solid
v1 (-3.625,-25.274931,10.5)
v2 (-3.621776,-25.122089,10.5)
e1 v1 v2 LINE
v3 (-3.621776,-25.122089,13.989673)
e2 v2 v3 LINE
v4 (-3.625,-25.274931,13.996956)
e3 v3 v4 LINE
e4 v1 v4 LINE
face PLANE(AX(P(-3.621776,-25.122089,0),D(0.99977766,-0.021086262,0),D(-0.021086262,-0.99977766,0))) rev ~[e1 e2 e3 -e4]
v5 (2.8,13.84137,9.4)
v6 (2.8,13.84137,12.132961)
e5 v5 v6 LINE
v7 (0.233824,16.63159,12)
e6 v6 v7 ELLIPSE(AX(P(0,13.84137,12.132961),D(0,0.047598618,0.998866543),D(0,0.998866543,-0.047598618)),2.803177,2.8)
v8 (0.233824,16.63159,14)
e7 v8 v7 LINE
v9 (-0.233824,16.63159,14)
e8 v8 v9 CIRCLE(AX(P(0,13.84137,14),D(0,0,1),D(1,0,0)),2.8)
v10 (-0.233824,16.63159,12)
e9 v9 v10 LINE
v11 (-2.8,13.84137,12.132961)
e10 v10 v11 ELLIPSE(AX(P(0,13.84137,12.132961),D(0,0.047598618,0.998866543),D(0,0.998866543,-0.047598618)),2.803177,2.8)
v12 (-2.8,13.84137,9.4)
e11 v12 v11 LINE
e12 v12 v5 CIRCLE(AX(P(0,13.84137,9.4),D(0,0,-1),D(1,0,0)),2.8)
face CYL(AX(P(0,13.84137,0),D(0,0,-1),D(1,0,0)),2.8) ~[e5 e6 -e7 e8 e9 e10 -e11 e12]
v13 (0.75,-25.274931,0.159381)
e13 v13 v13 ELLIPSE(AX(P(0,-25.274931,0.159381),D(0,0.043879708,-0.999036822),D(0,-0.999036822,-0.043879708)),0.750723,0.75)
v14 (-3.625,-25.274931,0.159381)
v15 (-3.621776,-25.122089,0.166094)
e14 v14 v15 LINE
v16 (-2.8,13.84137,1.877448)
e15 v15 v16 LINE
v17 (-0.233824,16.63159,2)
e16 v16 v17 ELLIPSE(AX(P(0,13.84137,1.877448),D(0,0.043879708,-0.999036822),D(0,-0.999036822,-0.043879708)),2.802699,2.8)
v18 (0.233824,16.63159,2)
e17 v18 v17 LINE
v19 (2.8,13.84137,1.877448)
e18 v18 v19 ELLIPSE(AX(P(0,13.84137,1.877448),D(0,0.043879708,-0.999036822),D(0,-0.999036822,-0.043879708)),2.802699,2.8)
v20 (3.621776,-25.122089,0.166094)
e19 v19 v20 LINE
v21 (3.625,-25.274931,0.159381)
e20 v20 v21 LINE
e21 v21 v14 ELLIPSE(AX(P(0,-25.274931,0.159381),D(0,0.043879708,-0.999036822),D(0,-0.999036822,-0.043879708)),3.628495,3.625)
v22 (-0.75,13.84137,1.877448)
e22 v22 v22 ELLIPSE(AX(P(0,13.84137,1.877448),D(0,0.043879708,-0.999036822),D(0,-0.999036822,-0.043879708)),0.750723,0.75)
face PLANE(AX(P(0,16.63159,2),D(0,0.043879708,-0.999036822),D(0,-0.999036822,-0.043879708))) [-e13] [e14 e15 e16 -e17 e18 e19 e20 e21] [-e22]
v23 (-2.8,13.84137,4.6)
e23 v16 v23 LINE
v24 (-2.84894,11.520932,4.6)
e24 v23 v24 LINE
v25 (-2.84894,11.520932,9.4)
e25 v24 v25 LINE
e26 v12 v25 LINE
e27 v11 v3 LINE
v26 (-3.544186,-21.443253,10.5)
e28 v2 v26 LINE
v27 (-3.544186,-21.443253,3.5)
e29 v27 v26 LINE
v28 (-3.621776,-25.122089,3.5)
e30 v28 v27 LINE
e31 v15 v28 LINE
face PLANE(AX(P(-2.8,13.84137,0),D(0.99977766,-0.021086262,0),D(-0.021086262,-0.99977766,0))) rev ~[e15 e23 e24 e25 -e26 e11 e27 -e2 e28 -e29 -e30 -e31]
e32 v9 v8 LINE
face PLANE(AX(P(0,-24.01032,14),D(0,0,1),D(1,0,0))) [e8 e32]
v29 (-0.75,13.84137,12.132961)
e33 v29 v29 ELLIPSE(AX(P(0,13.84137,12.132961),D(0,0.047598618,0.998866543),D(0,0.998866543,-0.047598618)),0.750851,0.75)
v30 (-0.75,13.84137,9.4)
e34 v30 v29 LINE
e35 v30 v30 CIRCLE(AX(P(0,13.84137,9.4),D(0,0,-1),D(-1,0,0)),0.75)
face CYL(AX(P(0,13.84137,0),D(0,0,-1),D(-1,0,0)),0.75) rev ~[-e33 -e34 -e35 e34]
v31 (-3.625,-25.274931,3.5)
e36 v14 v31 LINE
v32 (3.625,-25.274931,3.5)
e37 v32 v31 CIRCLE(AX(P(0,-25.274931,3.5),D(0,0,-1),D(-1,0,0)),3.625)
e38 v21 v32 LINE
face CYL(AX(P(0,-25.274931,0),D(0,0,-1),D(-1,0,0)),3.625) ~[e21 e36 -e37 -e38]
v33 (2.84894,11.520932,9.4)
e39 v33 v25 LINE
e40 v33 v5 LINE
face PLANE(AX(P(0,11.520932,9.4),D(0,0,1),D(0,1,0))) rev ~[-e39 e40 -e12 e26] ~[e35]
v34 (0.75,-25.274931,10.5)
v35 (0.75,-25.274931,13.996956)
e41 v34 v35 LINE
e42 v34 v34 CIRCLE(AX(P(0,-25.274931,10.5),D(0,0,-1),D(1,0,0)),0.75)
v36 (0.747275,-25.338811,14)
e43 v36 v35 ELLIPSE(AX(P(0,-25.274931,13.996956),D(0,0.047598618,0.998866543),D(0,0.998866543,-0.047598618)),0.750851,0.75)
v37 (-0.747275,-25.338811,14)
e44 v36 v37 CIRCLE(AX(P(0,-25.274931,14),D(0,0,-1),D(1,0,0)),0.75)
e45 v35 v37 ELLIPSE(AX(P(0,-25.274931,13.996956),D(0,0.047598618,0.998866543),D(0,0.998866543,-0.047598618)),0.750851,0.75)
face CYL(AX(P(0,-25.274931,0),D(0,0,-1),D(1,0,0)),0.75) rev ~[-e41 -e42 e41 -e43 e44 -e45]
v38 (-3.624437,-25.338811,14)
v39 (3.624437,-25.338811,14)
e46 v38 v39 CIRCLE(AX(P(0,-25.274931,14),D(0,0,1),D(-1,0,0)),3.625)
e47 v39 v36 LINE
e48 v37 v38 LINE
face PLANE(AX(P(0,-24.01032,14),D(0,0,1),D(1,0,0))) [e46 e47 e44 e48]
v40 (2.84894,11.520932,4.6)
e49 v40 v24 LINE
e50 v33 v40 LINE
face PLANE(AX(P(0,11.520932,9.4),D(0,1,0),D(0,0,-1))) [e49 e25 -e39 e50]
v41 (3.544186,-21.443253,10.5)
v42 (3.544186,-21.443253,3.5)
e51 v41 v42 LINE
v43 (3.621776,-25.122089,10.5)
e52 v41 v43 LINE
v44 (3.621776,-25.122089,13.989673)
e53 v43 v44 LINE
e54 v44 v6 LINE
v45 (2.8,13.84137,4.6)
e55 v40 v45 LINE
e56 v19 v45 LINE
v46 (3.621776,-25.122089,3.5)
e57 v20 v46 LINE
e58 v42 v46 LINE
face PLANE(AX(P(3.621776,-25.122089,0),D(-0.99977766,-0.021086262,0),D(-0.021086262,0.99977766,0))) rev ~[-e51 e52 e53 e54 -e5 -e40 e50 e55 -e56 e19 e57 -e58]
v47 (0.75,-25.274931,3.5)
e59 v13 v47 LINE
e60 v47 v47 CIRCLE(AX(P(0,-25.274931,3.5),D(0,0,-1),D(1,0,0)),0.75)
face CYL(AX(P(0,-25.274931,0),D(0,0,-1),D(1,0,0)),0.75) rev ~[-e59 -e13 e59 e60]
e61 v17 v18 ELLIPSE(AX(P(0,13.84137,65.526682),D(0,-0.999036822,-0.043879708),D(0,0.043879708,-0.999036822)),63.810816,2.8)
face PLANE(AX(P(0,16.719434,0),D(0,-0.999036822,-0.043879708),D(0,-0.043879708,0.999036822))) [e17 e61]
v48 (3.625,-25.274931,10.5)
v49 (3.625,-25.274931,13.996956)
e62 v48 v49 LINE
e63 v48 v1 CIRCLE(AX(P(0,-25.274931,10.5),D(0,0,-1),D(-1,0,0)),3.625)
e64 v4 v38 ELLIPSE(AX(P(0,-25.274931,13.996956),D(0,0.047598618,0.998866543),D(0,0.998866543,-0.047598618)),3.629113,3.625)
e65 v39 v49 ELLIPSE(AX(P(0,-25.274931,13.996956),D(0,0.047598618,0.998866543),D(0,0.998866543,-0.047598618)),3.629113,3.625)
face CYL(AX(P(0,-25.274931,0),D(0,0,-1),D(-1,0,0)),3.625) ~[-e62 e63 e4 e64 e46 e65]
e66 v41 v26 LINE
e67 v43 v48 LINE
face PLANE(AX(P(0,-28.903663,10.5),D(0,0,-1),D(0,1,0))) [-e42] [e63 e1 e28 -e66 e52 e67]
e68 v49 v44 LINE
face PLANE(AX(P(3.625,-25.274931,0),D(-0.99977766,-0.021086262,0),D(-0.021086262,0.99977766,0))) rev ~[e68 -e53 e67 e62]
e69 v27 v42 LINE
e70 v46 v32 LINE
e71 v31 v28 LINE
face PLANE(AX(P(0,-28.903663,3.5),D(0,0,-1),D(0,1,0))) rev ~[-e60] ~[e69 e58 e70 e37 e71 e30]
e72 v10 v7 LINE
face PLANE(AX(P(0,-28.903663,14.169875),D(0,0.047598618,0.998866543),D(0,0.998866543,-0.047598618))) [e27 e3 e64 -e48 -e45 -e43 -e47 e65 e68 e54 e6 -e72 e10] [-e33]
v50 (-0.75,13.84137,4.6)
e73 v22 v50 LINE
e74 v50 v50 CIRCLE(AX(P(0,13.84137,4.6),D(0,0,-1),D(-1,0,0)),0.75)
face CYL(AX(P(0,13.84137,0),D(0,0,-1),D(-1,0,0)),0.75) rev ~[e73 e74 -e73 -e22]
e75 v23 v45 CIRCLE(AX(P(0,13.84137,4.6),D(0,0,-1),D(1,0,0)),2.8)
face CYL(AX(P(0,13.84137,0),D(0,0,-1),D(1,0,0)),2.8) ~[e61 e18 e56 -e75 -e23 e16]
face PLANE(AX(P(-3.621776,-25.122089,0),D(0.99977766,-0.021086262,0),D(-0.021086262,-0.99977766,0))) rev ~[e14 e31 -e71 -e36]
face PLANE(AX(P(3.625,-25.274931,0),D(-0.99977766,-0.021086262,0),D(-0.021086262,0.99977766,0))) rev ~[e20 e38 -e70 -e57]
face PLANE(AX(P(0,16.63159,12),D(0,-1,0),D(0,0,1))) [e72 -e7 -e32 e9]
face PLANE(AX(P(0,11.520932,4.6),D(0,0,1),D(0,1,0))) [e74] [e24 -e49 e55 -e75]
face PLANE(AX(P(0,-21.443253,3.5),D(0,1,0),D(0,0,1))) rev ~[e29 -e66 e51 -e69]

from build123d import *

# Parameters (mm, degrees)
F1_DEPTH = 14
F2_W     = 11.5
F2_H     = 2.4
F2_W_2   = 7.4604106426
F2_H_2   = 3.5
F3_DEPTH = 12.5


with BuildPart() as f1:
    # F0 (on Top) → F1 (new body)
    with BuildSketch(Plane.XY):
        with BuildLine():
            Line((3.625, -25.2749305218), (3.6217764293, -25.1220891128))
            ThreePointArc((3.6217764293, -25.1220891128), (0, -21.6499305218), (-3.6217764293, -25.1220891128))
            Line((-3.6217764293, -25.1220891128), (-3.625, -25.2749305218))
            Line((-3.625, -25.2749305218), (-0.75, -25.2749305218))
            ThreePointArc((-0.75, -25.2749305218), (0, -24.5249305218), (0.75, -25.2749305218))
            Line((0.75, -25.2749305218), (3.625, -25.2749305218))
        make_face()
        with BuildLine():
            Line((3.6217764293, -25.1220891128), (2.8, 13.841370428))
            ThreePointArc((2.8, 13.841370428), (0, 11.041370428), (-2.8, 13.841370428))
            Line((-2.8, 13.841370428), (-3.6217764293, -25.1220891128))
            ThreePointArc((-3.6217764293, -25.1220891128), (0, -21.6499305218), (3.6217764293, -25.1220891128))
        make_face()
        with BuildLine():
            Line((0.75, 13.841370428), (2.8, 13.841370428))
            ThreePointArc((2.8, 13.841370428), (0, 16.641370428), (-2.8, 13.841370428))
            Line((-2.8, 13.841370428), (-0.75, 13.841370428))
            ThreePointArc((-0.75, 13.841370428), (0, 14.591370428), (0.75, 13.841370428))
        make_face()
        with BuildLine():
            ThreePointArc((-3.625, -25.2749305218), (0, -28.8999305218), (3.625, -25.2749305218))
            Line((3.625, -25.2749305218), (0.75, -25.2749305218))
            ThreePointArc((0.75, -25.2749305218), (0, -26.0249305218), (-0.75, -25.2749305218))
            Line((-0.75, -25.2749305218), (-3.625, -25.2749305218))
        make_face()
        with BuildLine():
            ThreePointArc((-2.8, 13.841370428), (0, 11.041370428), (2.8, 13.841370428))
            Line((2.8, 13.841370428), (0.75, 13.841370428))
            ThreePointArc((0.75, 13.841370428), (0, 13.091370428), (-0.75, 13.841370428))
            Line((-0.75, 13.841370428), (-2.8, 13.841370428))
        make_face()
    extrude(amount=F1_DEPTH)

    # F2 (on Right) → F3 (cut, symmetric)
    with BuildSketch(Plane.YZ):
        Polygon((-28.9036631584, 17.2806195915), (-28.9036631584, 14.1698746011), (16.6315902025, 12), (16.6315902025, 18.462985754), align=None)
        Polygon((16.6315902025, 2), (-28.9036631584, 0), (16.7194342289, 0), align=None)
        with Locations((17.2709319741, 5.8)):
            Rectangle(F2_W, F2_H)
        with Locations((17.2709319741, 8.2)):
            Rectangle(F2_W, F2_H)
        with Locations((-25.1734578371, 8.75)):
            Rectangle(F2_W_2, F2_H_2)
        with Locations((-25.1734578371, 5.25)):
            Rectangle(F2_W_2, F2_H_2)
    extrude(amount=F3_DEPTH, both=True, mode=Mode.SUBTRACT)


solid = f1.part
